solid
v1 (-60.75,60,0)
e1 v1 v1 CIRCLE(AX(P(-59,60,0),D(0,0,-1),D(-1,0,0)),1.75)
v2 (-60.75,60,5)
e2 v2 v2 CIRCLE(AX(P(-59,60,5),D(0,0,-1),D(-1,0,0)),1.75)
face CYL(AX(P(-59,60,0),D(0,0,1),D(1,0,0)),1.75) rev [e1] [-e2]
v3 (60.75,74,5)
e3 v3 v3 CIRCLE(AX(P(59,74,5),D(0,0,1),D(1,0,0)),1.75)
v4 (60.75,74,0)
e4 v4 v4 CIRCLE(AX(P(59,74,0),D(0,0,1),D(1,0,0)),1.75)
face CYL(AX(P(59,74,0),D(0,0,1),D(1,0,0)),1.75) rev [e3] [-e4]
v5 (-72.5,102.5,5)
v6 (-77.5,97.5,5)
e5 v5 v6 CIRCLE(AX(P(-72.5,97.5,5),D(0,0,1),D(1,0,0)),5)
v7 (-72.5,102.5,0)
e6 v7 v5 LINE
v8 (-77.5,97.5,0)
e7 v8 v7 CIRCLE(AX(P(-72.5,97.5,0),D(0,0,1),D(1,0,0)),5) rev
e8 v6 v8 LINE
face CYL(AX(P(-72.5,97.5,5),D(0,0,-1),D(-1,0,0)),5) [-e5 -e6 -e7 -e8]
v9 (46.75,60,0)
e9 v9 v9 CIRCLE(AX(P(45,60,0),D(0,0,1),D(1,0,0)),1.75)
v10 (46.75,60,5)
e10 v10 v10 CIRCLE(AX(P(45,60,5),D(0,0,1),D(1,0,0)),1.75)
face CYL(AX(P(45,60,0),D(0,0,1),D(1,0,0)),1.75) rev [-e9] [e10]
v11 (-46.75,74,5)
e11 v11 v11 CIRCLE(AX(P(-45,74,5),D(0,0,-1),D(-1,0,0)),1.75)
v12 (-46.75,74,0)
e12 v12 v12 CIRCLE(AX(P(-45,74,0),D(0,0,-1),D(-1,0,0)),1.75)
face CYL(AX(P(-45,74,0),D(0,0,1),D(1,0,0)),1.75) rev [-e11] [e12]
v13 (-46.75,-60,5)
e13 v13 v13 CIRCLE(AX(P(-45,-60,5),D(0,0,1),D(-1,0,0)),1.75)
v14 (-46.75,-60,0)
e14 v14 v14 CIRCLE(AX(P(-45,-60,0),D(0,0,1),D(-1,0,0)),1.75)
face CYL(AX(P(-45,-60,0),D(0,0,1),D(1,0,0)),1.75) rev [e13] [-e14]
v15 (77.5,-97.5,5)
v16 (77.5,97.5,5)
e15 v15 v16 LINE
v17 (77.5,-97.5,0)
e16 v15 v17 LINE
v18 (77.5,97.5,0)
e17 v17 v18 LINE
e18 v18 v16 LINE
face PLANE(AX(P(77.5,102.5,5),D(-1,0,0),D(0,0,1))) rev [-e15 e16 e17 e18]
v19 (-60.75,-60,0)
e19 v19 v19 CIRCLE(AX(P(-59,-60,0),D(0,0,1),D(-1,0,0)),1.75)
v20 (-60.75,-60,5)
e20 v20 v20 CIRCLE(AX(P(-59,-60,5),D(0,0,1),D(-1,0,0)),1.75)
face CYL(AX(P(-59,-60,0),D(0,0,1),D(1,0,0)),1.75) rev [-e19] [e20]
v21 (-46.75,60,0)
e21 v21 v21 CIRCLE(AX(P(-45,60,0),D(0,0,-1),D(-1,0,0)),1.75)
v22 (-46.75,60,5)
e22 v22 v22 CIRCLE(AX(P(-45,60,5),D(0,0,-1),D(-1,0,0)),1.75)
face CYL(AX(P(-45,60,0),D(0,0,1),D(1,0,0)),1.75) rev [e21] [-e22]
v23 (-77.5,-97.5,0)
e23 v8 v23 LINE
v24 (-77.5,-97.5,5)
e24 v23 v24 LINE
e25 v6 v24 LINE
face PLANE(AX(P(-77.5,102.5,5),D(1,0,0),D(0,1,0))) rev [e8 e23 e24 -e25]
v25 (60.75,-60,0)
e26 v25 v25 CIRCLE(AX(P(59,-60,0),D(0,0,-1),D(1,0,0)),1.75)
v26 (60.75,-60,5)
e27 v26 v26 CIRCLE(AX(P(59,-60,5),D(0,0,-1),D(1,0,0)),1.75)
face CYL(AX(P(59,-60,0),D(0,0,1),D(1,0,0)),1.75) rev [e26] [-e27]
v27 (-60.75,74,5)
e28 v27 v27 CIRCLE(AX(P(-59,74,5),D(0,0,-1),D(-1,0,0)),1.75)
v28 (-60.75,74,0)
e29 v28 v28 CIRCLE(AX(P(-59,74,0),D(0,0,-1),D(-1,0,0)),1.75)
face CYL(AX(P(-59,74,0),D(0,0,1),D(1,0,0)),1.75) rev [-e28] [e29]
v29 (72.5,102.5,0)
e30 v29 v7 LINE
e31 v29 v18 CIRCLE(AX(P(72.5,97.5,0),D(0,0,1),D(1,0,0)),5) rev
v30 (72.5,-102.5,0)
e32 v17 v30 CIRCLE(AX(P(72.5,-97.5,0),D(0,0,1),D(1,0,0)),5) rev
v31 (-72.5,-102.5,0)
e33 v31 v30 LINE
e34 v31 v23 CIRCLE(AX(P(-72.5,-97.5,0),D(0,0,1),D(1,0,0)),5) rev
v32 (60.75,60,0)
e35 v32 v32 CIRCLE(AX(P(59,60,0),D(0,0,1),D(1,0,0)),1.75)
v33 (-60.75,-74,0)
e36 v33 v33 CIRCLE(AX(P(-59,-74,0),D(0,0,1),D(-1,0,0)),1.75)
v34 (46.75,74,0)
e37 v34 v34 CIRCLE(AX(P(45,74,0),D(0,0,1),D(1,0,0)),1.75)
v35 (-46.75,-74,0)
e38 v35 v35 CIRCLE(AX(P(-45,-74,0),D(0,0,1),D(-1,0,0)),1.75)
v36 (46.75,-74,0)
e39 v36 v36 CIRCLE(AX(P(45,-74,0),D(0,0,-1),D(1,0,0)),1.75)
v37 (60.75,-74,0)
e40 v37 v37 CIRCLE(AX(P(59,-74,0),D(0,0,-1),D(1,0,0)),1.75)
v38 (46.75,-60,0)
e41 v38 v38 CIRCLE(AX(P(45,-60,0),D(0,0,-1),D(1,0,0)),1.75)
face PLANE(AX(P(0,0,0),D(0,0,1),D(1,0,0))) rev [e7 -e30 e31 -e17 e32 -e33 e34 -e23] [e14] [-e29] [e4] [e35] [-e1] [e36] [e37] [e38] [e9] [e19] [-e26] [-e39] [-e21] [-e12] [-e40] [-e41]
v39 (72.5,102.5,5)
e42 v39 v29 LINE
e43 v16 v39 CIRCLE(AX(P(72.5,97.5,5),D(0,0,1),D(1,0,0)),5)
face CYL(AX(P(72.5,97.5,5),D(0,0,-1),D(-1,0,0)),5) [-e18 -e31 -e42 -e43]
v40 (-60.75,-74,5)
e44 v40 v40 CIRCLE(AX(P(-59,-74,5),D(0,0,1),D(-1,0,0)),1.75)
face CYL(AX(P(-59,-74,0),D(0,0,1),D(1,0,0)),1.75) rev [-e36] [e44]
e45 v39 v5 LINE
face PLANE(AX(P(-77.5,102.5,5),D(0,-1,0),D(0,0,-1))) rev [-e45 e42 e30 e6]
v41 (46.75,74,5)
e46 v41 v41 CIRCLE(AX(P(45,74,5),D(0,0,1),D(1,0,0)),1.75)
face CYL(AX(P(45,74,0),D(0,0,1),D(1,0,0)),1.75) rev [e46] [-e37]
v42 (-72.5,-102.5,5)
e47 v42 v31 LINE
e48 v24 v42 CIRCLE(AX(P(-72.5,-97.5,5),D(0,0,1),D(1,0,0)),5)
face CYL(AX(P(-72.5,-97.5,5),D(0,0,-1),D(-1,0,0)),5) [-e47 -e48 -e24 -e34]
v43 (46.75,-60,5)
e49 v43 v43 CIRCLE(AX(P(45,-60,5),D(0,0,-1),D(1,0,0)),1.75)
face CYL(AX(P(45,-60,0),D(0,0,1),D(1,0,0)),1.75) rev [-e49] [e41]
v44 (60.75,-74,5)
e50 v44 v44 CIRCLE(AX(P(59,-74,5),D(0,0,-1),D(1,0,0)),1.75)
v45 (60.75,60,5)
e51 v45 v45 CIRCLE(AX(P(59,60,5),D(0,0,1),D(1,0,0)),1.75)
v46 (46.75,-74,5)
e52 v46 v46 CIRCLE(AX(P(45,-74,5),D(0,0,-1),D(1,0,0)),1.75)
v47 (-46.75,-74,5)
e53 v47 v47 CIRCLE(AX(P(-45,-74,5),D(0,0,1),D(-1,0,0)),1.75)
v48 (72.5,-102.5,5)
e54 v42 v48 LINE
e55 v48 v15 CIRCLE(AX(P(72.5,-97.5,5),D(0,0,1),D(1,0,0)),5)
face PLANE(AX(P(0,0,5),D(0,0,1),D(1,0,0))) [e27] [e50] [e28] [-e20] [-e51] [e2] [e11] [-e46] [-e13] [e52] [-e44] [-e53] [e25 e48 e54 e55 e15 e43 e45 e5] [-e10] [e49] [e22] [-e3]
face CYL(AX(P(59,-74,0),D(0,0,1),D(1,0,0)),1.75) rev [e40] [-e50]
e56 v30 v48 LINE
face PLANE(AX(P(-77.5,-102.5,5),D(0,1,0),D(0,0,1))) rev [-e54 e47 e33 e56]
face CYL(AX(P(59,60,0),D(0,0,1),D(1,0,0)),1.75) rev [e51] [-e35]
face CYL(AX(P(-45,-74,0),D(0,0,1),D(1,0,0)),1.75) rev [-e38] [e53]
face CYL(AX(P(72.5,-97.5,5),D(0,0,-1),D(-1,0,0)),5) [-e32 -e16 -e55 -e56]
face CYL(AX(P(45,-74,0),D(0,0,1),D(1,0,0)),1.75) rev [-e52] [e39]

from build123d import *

# Parameters (mm, degrees)
SKETCH_1_W               = 155
SKETCH_1_H               = 205
EXTRUDE_1_DEPTH          = 5
SKETCH_2_R               = 1.75
CUT_EXTRUDE_1_DEPTH      = 129.598211496
MIRROR_2_COPY_1_SKETCH_R = 1.75
MIRROR_2_COPY_1_DEPTH    = 129.598211496
FILLET_1_R               = 5


with BuildPart() as part:
    # ｽｹｯﾁ1 → ﾎﾞｽ - 押し出し1 (new body)
    with BuildSketch(Plane.XY):
        Rectangle(SKETCH_1_W, SKETCH_1_H)
    extrude(amount=EXTRUDE_1_DEPTH)

    # ｽｹｯﾁ2 → ｶｯﾄ - 押し出し1 (cut, through all)
    with BuildSketch(Plane.XY.offset(5)):
        with Locations((45, 74)):
            Circle(SKETCH_2_R)
        with Locations((59, 74)):
            Circle(SKETCH_2_R)
        with Locations((45, 60)):
            Circle(SKETCH_2_R)
        with Locations((59, 60)):
            Circle(SKETCH_2_R)
    cut_extrude_1 = extrude(amount=-CUT_EXTRUDE_1_DEPTH, mode=Mode.SUBTRACT)

    # ﾐﾗｰ1: ｶｯﾄ - 押し出し1 across plane
    add(cut_extrude_1.mirror(Plane.ZX), mode=Mode.SUBTRACT)

    # ﾐﾗｰ2: ｶｯﾄ - 押し出し1 across plane
    add(cut_extrude_1.mirror(Plane(origin=(0, 0, 0), x_dir=(0, 0, 1), z_dir=(1, 0, 0))), mode=Mode.SUBTRACT)

    # ﾐﾗｰ2 copy 1 sketch → ﾐﾗｰ2 copy 1 (cut, through all)
    with BuildSketch(Plane(origin=(0, 0, 5), x_dir=(-1, 0, 0), z_dir=(0, 0, 1))):
        with Locations((45, 74)):
            Circle(MIRROR_2_COPY_1_SKETCH_R)
        with Locations((59, 74)):
            Circle(MIRROR_2_COPY_1_SKETCH_R)
        with Locations((45, 60)):
            Circle(MIRROR_2_COPY_1_SKETCH_R)
        with Locations((59, 60)):
            Circle(MIRROR_2_COPY_1_SKETCH_R)
    extrude(amount=-MIRROR_2_COPY_1_DEPTH, mode=Mode.SUBTRACT)

    # ﾌｨﾚｯﾄ1
    fillet_1_edges = [part.edges().sort_by_distance(p)[0] for p in [
        (77.5, -102.5, 2.5),
        (-77.5, -102.5, 2.5),
        (-77.5, 102.5, 2.5),
        (77.5, 102.5, 2.5),
    ]]
    fillet(fillet_1_edges, radius=FILLET_1_R)


solid = part.part
